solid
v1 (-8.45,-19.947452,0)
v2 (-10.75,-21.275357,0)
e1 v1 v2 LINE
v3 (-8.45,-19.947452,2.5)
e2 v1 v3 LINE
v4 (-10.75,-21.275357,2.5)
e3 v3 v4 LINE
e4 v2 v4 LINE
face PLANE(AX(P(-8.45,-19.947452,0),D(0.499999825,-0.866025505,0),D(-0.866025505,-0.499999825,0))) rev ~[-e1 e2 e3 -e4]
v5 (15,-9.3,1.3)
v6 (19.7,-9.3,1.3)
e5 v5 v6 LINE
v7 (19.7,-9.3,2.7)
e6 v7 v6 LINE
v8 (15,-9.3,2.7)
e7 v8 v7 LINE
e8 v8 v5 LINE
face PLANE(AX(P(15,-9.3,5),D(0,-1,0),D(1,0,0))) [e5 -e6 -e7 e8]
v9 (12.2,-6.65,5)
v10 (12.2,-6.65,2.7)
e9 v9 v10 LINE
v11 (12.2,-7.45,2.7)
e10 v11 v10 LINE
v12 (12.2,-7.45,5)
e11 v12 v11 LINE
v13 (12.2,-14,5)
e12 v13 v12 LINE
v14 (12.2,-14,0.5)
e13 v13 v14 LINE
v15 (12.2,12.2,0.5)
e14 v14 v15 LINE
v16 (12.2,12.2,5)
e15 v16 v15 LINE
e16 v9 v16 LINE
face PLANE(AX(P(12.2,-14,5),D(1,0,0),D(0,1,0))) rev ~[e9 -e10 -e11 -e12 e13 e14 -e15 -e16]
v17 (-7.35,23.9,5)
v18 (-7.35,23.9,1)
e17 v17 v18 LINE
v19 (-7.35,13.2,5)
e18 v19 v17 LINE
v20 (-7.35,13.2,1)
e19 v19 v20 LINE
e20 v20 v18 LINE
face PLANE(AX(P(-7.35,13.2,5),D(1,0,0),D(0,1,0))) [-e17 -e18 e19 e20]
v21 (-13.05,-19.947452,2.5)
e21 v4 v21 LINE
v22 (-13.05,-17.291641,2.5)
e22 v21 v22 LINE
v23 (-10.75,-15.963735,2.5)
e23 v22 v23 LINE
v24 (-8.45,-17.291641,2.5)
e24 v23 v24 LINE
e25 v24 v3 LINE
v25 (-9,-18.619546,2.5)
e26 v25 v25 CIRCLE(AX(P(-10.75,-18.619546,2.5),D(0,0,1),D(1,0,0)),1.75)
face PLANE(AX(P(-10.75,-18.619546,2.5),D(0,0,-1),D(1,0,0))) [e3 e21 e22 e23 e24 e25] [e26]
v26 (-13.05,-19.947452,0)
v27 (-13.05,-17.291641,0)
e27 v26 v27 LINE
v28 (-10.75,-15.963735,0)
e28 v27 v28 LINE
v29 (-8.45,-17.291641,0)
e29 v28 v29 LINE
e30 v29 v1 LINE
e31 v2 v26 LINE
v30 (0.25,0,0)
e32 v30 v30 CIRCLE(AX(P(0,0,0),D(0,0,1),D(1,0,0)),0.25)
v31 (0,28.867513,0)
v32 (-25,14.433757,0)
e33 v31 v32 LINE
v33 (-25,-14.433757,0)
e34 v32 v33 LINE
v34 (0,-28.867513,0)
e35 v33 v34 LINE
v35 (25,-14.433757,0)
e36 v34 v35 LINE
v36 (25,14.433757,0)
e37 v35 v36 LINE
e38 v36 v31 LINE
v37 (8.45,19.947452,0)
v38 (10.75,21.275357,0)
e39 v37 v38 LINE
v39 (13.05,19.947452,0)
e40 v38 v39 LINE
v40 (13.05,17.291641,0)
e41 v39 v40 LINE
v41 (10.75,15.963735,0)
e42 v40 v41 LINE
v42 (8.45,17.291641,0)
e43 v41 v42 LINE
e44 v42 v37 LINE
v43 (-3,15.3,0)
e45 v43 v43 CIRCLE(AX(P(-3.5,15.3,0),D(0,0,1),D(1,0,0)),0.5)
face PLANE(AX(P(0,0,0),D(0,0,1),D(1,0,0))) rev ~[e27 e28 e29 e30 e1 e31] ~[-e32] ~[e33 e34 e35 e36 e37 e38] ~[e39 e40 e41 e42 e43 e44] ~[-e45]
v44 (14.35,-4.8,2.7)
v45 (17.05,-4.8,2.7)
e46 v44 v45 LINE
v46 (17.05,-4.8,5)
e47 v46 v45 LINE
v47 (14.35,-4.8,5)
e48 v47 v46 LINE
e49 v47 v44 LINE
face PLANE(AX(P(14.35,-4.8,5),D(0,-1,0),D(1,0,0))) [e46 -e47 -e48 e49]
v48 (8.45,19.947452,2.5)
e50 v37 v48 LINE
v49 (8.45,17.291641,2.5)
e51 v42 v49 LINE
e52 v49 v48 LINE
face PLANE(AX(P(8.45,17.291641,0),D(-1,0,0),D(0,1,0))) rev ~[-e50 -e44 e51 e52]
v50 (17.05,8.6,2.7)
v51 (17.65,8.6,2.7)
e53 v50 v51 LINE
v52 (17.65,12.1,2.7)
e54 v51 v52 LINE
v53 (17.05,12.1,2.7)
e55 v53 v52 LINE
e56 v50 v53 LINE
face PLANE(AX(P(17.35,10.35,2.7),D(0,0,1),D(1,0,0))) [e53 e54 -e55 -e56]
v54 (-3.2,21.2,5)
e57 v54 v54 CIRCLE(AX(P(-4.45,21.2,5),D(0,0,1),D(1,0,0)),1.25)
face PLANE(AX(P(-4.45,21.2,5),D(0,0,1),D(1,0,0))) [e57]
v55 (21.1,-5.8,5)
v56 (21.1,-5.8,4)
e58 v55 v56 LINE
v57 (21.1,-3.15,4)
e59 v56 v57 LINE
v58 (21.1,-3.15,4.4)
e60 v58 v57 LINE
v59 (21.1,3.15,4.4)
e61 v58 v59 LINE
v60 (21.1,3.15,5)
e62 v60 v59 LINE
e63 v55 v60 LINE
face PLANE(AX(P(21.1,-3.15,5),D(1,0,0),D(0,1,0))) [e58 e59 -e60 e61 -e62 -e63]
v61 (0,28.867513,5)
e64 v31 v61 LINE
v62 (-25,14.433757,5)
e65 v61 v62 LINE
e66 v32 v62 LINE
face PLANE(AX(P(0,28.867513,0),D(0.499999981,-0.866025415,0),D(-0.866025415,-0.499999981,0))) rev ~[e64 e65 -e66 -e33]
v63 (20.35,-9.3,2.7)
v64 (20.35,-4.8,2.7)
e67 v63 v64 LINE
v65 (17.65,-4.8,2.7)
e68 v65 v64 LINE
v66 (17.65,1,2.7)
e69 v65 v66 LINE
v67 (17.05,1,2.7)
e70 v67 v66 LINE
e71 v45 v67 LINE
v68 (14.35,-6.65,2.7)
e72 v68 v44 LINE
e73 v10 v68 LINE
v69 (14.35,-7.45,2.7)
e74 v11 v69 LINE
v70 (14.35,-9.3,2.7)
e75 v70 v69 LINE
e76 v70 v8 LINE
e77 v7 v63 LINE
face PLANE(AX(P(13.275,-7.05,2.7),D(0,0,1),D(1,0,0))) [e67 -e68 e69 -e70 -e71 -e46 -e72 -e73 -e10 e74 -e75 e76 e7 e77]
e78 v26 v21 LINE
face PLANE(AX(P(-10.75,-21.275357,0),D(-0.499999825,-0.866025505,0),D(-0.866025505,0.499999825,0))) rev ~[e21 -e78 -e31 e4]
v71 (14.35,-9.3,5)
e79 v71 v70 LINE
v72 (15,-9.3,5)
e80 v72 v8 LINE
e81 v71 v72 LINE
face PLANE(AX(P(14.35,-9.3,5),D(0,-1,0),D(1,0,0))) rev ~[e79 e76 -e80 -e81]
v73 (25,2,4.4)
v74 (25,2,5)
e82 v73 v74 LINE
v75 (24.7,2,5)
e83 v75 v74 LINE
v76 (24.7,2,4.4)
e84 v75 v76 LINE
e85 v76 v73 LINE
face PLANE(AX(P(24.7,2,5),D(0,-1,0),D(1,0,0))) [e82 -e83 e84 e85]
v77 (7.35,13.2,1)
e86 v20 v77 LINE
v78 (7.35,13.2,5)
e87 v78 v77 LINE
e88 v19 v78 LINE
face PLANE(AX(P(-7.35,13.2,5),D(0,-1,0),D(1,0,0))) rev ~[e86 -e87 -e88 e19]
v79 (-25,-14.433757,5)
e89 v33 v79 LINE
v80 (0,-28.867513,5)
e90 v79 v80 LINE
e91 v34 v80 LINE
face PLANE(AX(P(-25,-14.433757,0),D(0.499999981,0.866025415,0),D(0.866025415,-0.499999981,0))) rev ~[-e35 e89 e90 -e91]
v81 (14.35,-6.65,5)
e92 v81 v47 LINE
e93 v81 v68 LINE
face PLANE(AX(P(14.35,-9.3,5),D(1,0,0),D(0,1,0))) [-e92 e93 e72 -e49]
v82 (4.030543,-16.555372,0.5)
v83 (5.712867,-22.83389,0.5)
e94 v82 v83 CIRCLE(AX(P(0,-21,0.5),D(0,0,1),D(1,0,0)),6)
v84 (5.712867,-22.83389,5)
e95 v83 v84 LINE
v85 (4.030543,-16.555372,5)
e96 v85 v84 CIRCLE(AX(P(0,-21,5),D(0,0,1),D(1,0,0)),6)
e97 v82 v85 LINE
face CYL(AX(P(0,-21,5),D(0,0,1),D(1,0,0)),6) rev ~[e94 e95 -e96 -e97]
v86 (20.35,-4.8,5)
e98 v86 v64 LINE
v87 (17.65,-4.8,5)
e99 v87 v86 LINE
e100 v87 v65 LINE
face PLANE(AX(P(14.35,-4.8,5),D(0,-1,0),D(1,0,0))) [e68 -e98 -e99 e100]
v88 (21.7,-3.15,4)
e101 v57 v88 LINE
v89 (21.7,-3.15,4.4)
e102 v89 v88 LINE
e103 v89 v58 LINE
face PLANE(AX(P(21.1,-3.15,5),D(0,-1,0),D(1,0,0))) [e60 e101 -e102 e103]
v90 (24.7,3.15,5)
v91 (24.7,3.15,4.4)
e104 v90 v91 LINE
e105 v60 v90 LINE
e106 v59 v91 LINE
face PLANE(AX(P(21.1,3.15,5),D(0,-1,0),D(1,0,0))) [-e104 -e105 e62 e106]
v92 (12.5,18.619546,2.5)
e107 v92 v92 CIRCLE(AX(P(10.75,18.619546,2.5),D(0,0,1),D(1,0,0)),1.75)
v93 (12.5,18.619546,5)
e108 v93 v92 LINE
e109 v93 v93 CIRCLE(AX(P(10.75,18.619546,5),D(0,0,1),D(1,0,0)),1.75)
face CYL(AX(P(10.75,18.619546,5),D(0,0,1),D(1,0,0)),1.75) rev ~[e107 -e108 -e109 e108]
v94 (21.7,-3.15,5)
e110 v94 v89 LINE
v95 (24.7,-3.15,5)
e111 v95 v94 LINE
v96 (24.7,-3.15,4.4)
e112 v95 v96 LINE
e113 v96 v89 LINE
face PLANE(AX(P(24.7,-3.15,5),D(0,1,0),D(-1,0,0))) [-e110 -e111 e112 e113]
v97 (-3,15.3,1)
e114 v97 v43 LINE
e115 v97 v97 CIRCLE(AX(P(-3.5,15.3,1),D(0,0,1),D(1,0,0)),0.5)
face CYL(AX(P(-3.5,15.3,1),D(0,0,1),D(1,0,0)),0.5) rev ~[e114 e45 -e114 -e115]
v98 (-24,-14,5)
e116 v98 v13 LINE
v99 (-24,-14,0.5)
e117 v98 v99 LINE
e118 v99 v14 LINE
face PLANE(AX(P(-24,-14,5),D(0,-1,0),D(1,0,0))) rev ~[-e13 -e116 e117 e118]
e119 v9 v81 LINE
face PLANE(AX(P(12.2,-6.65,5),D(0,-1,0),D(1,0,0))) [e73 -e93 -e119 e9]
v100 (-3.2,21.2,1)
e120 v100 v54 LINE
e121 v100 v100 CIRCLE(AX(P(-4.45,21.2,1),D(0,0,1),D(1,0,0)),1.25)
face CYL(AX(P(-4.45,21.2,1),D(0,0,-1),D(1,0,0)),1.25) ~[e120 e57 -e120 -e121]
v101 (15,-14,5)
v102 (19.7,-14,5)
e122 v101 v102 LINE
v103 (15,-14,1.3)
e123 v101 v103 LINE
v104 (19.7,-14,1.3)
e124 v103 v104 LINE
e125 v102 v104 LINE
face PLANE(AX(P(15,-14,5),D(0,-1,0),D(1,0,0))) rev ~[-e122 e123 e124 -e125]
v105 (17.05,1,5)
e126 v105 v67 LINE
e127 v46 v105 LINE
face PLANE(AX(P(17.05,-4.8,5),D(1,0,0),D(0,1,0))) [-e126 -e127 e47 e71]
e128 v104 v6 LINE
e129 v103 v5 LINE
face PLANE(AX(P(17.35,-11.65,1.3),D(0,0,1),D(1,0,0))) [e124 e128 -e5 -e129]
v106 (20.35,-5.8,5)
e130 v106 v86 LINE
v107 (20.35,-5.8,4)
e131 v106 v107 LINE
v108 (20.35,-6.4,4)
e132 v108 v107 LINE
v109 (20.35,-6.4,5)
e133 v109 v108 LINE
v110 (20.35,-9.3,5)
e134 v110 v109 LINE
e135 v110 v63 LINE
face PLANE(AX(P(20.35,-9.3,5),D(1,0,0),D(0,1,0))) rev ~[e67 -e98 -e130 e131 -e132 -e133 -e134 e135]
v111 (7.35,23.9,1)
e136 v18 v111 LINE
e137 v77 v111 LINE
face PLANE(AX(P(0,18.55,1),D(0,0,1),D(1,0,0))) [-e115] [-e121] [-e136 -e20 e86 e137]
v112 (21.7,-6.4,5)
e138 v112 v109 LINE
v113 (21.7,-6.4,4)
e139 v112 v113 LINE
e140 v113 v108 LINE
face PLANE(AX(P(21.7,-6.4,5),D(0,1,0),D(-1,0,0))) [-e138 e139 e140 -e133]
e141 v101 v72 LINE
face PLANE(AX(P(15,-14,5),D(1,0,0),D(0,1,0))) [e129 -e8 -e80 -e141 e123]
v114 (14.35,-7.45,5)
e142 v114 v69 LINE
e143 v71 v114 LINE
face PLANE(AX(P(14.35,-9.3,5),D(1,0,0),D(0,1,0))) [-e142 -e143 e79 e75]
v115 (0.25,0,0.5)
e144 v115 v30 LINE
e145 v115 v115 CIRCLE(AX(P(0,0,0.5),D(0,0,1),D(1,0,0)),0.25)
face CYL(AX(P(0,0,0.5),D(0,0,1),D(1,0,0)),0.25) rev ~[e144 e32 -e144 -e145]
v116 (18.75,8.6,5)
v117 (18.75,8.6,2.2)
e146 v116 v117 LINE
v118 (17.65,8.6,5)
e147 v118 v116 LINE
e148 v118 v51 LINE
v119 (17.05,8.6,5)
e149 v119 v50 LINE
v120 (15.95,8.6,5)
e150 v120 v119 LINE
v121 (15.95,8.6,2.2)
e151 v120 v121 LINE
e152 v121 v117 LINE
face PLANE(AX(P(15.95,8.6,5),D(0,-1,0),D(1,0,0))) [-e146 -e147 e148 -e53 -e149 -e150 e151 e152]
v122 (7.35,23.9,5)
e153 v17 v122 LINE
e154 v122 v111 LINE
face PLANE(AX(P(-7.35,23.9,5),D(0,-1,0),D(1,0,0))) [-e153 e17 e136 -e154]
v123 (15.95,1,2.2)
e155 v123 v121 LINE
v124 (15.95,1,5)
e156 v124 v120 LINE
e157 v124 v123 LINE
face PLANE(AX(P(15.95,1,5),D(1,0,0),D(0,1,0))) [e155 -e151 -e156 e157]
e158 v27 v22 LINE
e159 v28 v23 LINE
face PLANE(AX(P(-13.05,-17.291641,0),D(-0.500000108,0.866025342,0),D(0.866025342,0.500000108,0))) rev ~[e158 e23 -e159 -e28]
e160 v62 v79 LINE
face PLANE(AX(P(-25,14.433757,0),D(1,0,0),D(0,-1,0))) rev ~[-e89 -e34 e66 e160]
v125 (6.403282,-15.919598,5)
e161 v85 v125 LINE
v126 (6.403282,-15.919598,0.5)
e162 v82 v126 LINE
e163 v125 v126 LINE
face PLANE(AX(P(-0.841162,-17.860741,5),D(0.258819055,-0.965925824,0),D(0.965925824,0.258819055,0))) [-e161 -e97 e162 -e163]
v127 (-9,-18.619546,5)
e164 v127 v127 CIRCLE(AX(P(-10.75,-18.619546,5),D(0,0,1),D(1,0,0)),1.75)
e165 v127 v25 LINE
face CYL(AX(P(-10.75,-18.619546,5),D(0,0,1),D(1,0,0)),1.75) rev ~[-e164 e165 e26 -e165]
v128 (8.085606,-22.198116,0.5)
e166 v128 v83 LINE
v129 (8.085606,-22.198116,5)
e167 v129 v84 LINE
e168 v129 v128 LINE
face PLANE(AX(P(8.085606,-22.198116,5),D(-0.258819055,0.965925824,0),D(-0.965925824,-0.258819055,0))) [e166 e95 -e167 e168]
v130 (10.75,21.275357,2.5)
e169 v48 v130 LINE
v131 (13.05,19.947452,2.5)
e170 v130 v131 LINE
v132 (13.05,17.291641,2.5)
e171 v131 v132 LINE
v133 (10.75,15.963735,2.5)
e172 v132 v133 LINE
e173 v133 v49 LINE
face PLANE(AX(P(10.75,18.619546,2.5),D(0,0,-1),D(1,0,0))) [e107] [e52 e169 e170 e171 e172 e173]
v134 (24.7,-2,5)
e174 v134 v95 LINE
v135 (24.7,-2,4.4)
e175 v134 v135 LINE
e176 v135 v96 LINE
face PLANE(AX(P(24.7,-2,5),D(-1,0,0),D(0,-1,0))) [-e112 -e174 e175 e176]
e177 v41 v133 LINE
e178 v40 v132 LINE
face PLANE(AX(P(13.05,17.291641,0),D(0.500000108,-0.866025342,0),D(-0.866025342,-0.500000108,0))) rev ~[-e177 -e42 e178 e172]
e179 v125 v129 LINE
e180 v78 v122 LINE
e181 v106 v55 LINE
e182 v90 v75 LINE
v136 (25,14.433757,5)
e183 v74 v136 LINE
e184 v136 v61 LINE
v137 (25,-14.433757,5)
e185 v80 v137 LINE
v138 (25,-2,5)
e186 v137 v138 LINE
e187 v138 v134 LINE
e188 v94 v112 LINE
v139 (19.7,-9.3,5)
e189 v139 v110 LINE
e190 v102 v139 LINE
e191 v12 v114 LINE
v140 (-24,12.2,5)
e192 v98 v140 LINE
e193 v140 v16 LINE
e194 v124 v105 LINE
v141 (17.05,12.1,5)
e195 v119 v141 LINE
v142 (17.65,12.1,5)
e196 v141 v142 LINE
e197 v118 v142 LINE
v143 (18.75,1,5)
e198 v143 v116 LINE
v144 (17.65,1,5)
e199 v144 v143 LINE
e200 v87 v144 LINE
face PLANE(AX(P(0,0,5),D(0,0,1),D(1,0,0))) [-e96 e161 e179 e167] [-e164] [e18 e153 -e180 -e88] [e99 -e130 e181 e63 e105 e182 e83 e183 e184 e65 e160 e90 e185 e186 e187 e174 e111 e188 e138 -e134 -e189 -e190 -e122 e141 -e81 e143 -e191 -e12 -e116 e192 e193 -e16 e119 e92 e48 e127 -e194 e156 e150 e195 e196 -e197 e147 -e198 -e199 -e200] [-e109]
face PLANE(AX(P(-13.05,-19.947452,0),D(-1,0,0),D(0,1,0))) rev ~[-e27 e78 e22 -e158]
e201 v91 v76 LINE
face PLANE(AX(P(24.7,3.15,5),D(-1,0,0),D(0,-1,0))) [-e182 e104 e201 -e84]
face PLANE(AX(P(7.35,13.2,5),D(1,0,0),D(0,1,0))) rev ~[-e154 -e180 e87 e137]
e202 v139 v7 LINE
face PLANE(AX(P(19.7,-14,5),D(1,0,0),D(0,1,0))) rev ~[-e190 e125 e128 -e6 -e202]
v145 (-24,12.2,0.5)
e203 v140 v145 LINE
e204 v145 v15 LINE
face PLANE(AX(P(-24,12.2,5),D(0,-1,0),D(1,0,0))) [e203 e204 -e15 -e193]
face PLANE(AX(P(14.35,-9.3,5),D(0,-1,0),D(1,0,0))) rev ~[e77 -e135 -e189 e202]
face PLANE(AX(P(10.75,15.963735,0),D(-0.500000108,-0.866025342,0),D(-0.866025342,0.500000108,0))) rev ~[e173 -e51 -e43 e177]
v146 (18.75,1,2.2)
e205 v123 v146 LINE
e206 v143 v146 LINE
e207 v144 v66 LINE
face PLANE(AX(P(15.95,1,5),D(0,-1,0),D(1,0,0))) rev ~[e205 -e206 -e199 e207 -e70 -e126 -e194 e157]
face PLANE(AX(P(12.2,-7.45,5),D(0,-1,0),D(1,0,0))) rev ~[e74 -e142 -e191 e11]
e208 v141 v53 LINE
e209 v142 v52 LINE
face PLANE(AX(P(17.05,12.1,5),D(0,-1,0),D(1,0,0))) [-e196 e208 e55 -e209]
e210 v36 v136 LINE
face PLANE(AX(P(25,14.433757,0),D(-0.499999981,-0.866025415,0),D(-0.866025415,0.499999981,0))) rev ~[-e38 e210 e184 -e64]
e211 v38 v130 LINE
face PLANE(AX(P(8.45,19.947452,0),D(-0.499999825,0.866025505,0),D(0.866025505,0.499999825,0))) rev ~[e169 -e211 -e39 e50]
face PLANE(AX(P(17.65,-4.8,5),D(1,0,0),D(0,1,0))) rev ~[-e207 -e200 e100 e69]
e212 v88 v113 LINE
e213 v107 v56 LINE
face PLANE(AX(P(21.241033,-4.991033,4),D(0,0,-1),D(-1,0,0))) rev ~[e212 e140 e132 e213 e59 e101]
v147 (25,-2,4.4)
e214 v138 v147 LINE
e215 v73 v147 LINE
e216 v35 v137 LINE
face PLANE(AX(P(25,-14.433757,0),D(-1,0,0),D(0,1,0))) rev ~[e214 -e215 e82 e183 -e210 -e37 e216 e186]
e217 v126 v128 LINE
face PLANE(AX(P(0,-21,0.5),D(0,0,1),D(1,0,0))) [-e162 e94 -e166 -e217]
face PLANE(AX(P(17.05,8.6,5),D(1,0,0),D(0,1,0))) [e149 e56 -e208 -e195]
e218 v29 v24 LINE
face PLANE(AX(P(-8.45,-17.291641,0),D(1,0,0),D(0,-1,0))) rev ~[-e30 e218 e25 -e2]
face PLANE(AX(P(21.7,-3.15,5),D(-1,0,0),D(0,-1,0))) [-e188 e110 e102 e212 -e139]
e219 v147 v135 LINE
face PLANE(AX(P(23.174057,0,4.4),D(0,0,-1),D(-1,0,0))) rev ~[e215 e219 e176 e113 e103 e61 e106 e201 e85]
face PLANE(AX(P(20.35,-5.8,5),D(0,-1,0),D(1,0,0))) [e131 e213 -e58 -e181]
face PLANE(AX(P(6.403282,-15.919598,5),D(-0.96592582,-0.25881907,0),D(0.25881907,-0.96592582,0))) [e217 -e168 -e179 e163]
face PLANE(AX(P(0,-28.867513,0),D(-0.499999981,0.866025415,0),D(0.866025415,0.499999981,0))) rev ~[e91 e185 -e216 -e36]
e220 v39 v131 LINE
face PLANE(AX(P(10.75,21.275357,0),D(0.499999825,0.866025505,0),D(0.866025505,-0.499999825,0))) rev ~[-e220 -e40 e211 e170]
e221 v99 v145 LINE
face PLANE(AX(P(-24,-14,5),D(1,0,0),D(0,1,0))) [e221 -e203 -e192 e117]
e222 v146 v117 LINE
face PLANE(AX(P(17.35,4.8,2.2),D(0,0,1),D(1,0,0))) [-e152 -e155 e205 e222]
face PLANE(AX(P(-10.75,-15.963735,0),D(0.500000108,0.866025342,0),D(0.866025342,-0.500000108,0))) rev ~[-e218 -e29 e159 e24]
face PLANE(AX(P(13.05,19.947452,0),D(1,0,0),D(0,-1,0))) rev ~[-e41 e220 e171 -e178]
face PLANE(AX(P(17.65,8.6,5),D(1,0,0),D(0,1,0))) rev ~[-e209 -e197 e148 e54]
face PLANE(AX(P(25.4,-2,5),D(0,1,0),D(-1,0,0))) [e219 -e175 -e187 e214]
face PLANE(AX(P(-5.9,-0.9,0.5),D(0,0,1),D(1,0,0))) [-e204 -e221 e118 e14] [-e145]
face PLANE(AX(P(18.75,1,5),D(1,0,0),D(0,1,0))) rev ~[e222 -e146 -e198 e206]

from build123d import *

# Parameters (mm, degrees)
PAD_DEPTH       = 5
SKETCH001_W     = 36.2
SKETCH001_H     = 26.2
POCKET_DEPTH    = 4.5
SKETCH002_W     = 14.7
SKETCH002_H     = 10.7
POCKET001_DEPTH = 4
SKETCH003_R     = 1.25
PAD001_DEPTH    = 4
SKETCH004_R     = 0.5
POCKET002_DEPTH = 1.001
SKETCH005_R     = 1.75
POCKET003_DEPTH = 5.001
POCKET004_DEPTH = 2.5
SKETCH007_W     = 4.7
SKETCH007_H     = 4.7
POCKET005_DEPTH = 3.7
SKETCH008_W     = 6
SKETCH008_H     = 4.5
POCKET006_DEPTH = 2.3
SKETCH009_W     = 0.6
SKETCH009_H     = 5.8
POCKET007_DEPTH = 2.3
SKETCH010_W     = 2.8
SKETCH010_H     = 7.6
POCKET008_DEPTH = 2.8
SKETCH011_W     = 0.6
SKETCH011_H     = 3.5
POCKET009_DEPTH = 2.3
SKETCH012_R     = 6
POCKET010_DEPTH = 4.5
POCKET011_DEPTH = 4.5
SKETCH014_W     = 2.15
SKETCH014_H     = 0.8
POCKET012_DEPTH = 2.3
POCKET013_DEPTH = 0.6
POCKET014_DEPTH = 1
SKETCH017_R     = 0.25
POCKET015_DEPTH = 0.501


with BuildPart() as part:
    # Sketch → Pad (new body)
    with BuildSketch(Plane.XY):
        Polygon((-25, 14.433757), (-25, -14.433757), (0, -28.867513), (25, -14.433757), (25, 14.433757), (0, 28.867513), align=None)
    extrude(amount=PAD_DEPTH)

    # Sketch001 → Pocket (cut)
    with BuildSketch(Plane.XY.offset(5)):
        with Locations((-5.9, -0.9)):
            Rectangle(SKETCH001_W, SKETCH001_H)
    extrude(amount=-POCKET_DEPTH, mode=Mode.SUBTRACT)

    # Sketch002 → Pocket001 (cut)
    with BuildSketch(Plane.XY.offset(5)):
        with Locations((0, 18.55)):
            Rectangle(SKETCH002_W, SKETCH002_H)
    extrude(amount=-POCKET001_DEPTH, mode=Mode.SUBTRACT)

    # Sketch003 → Pad001 (new body)
    with BuildSketch(Plane.XY.offset(1)):
        with Locations((-4.45, 21.2)):
            Circle(SKETCH003_R)
    extrude(amount=PAD001_DEPTH)

    # Sketch004 → Pocket002 (cut, through all)
    with BuildSketch(Plane.XY.offset(1)):
        with Locations((-3.5, 15.3)):
            Circle(SKETCH004_R)
    extrude(amount=-POCKET002_DEPTH, mode=Mode.SUBTRACT)

    # Sketch005 → Pocket003 (cut, through all)
    with BuildSketch(Plane.XY.offset(5)):
        with Locations((10.75, 18.619546)):
            Circle(SKETCH005_R)
        with Locations((-10.75, -18.619546)):
            Circle(SKETCH005_R)
    extrude(amount=-POCKET003_DEPTH, mode=Mode.SUBTRACT)

    # Sketch006 → Pocket004 (cut)
    with BuildSketch(Plane(origin=(0, 0, 0), x_dir=(1, 0, 0), z_dir=(0, 0, -1))):
        Polygon((-13.05, 17.291641), (-10.75, 15.963735), (-8.45, 17.291641), (-8.45, 19.947452), (-10.75, 21.275357), (-13.05, 19.947452), align=None)
        Polygon((10.75, -21.275357), (13.05, -19.947452), (13.05, -17.291641), (10.75, -15.963735), (8.45, -17.291641), (8.45, -19.947452), align=None)
    extrude(amount=-POCKET004_DEPTH, mode=Mode.SUBTRACT)

    # Sketch007 → Pocket005 (cut)
    with BuildSketch(Plane.XY.offset(5)):
        with Locations((17.35, -11.65)):
            Rectangle(SKETCH007_W, SKETCH007_H)
    extrude(amount=-POCKET005_DEPTH, mode=Mode.SUBTRACT)

    # Sketch008 → Pocket006 (cut)
    with BuildSketch(Plane.XY.offset(5)):
        with Locations((17.35, -7.05)):
            Rectangle(SKETCH008_W, SKETCH008_H)
    extrude(amount=-POCKET006_DEPTH, mode=Mode.SUBTRACT)

    # Sketch009 → Pocket007 (cut)
    with BuildSketch(Plane.XY.offset(5)):
        with Locations((17.35, -1.9)):
            Rectangle(SKETCH009_W, SKETCH009_H)
    extrude(amount=-POCKET007_DEPTH, mode=Mode.SUBTRACT)

    # Sketch010 → Pocket008 (cut)
    with BuildSketch(Plane.XY.offset(5)):
        with Locations((17.35, 4.8)):
            Rectangle(SKETCH010_W, SKETCH010_H)
    extrude(amount=-POCKET008_DEPTH, mode=Mode.SUBTRACT)

    # Sketch011 → Pocket009 (cut)
    with BuildSketch(Plane.XY.offset(5)):
        with Locations((17.35, 10.35)):
            Rectangle(SKETCH011_W, SKETCH011_H)
    extrude(amount=-POCKET009_DEPTH, mode=Mode.SUBTRACT)

    # Sketch012 → Pocket010 (cut)
    with BuildSketch(Plane.XY.offset(5)):
        with Locations((0, -21)):
            Circle(SKETCH012_R)
    extrude(amount=-POCKET010_DEPTH, mode=Mode.SUBTRACT)

    # Sketch013 → Pocket011 (cut)
    with BuildSketch(Plane.XY.offset(5)):
        Polygon((-0.841162, -17.860741), (6.403282, -15.919598), (8.085606, -22.198116), (0.841162, -24.139259), align=None)
    extrude(amount=-POCKET011_DEPTH, mode=Mode.SUBTRACT)

    # Sketch014 → Pocket012 (cut)
    with BuildSketch(Plane.XY.offset(5)):
        with Locations((13.275, -7.05)):
            Rectangle(SKETCH014_W, SKETCH014_H)
    extrude(amount=-POCKET012_DEPTH, mode=Mode.SUBTRACT)

    # Sketch015 → Pocket013 (cut)
    with BuildSketch(Plane.XY.offset(5)):
        Polygon((21.1, 3.15), (24.7, 3.15), (24.7, 2), (25.4, 2), (25.4, -2), (24.7, -2), (24.7, -3.15), (21.1, -3.15), align=None)
    extrude(amount=-POCKET013_DEPTH, mode=Mode.SUBTRACT)

    # Sketch016 → Pocket014 (cut)
    with BuildSketch(Plane.XY.offset(5)):
        Polygon((20.35, -5.8), (21.1, -5.8), (21.1, -3.15), (21.7, -3.15), (21.7, -6.4), (20.35, -6.4), align=None)
    extrude(amount=-POCKET014_DEPTH, mode=Mode.SUBTRACT)

    # Sketch017 → Pocket015 (cut, through all)
    with BuildSketch(Plane.XY.offset(0.5)):
        Circle(SKETCH017_R)
    extrude(amount=-POCKET015_DEPTH, mode=Mode.SUBTRACT)


solid = part.part
